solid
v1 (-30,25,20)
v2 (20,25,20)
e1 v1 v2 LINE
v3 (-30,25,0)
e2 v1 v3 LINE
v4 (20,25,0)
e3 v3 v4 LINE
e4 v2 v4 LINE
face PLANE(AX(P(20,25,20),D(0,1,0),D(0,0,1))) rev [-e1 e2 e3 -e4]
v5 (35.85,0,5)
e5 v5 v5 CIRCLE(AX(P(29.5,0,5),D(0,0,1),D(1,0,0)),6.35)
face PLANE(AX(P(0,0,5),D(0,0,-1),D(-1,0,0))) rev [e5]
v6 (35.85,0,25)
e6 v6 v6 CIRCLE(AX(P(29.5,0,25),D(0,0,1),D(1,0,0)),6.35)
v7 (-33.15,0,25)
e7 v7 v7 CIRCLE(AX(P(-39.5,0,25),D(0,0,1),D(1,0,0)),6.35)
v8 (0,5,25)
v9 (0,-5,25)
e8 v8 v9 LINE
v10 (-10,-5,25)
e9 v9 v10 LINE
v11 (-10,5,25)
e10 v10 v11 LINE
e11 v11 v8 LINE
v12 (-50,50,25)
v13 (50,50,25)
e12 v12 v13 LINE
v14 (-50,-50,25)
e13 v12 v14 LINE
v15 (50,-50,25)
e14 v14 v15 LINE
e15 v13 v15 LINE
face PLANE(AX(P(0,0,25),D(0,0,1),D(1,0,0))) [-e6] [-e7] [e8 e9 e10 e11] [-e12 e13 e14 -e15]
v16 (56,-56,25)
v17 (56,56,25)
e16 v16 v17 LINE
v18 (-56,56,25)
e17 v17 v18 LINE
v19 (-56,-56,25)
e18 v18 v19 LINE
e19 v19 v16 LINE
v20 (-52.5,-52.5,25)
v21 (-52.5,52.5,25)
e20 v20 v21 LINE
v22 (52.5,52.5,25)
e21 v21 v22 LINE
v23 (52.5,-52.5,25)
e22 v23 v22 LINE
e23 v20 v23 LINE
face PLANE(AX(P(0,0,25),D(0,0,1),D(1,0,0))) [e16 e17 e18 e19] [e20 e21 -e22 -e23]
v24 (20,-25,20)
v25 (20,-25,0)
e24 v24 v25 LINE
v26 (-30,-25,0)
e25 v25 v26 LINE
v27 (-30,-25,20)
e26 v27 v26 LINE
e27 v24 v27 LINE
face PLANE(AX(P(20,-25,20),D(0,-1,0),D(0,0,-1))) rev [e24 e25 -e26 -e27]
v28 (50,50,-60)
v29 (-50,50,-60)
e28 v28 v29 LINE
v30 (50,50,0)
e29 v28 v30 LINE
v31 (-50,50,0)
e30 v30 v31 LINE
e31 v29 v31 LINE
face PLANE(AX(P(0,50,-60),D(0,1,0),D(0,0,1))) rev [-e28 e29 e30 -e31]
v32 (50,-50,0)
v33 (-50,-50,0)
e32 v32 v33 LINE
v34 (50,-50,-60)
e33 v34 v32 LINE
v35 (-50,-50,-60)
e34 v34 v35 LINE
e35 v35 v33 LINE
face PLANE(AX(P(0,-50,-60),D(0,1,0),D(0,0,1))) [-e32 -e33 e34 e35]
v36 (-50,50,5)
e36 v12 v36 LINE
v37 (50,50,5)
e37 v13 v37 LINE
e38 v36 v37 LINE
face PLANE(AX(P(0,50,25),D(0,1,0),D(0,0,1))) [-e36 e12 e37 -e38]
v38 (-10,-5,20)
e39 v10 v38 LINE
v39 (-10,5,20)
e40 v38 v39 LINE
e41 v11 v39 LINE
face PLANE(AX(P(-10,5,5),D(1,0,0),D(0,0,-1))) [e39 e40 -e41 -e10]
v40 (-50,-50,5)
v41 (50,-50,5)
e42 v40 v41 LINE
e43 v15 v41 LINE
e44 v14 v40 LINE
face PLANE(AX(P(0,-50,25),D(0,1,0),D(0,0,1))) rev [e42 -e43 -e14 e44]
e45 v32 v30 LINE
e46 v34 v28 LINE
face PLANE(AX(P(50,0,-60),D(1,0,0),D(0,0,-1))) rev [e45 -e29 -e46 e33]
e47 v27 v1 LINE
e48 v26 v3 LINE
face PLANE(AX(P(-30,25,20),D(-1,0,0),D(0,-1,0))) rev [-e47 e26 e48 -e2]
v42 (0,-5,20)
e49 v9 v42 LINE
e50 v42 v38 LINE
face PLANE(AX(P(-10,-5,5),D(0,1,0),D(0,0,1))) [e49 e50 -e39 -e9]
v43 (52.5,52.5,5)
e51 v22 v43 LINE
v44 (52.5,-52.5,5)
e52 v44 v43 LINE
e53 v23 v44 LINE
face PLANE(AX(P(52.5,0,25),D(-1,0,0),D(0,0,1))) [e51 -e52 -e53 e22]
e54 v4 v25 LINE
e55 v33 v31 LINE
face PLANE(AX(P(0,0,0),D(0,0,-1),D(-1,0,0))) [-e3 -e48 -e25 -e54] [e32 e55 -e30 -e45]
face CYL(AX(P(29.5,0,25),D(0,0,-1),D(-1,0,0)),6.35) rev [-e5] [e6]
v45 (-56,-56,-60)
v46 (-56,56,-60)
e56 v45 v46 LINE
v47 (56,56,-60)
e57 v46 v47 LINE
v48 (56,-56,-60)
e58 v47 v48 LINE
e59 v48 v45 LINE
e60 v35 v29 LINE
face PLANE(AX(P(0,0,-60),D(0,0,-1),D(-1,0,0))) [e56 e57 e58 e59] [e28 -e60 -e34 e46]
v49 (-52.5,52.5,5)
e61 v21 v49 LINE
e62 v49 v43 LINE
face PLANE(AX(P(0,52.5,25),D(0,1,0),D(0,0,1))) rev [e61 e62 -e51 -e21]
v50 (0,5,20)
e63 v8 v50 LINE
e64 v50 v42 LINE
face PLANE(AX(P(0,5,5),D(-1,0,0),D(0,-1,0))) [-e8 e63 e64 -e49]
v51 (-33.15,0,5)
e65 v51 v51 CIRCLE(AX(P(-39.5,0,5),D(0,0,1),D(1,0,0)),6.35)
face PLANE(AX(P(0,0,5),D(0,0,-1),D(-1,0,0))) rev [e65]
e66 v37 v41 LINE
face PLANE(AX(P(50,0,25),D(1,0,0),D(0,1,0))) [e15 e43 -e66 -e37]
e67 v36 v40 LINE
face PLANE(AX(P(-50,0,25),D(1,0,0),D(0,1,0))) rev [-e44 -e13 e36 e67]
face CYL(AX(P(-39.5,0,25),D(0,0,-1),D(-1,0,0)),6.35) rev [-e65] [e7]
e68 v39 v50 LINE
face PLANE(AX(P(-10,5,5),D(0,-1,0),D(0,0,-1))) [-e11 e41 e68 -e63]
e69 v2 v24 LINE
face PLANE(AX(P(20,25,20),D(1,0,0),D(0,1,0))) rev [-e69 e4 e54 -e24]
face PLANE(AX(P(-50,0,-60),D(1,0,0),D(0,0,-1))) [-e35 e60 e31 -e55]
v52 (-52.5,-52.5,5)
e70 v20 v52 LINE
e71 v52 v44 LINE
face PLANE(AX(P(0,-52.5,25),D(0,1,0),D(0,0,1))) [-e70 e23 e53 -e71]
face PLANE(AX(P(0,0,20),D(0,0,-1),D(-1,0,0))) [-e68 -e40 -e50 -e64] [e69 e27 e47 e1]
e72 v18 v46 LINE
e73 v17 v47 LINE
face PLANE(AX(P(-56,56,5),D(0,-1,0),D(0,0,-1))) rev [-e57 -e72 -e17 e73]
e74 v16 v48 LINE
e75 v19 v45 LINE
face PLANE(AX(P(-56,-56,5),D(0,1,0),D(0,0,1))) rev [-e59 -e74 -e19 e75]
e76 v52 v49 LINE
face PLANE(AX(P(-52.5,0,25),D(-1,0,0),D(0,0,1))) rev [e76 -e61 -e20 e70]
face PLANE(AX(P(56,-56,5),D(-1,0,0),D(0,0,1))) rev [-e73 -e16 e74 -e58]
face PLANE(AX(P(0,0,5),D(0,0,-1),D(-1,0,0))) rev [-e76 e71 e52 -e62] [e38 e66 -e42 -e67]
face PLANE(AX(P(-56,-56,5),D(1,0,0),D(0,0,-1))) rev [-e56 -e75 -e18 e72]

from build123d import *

# Parameters (mm, degrees)
SKETCH2_W           = 112
SKETCH2_H           = 112
SKETCH2_W_2         = 10
SKETCH2_H_2         = 10
BOSS_EXTRUDE1_DEPTH = 5
SKETCH3_W           = 112
SKETCH3_H           = 112
SKETCH3_W_2         = 105
SKETCH3_H_2         = 105
SKETCH3_W_3         = 100
SKETCH3_H_3         = 100
SKETCH3_R           = 6.35
SKETCH3_W_4         = 10
SKETCH3_H_4         = 10
BOSS_EXTRUDE2_DEPTH = 20
SKETCH4_W           = 50
SKETCH4_H           = 50
CUT_EXTRUDE1_DEPTH  = 20
SKETCH8_W           = 112
SKETCH8_H           = 112
SKETCH8_W_2         = 100
SKETCH8_H_2         = 100
BOSS_EXTRUDE3_DEPTH = 60


with BuildPart() as part:
    # Sketch2 → Boss-Extrude1 (new body)
    with BuildSketch(Plane.XY):
        Rectangle(SKETCH2_W, SKETCH2_H)
        with Locations((-5, 0)):
            Rectangle(SKETCH2_W_2, SKETCH2_H_2, mode=Mode.SUBTRACT)
    extrude(amount=BOSS_EXTRUDE1_DEPTH)

    # Sketch3 → Boss-Extrude2 (add)
    # profile 1 of 2: a face of its own
    with BuildSketch(Plane.XY.offset(5)):
        Rectangle(SKETCH3_W, SKETCH3_H)
        Rectangle(SKETCH3_W_2, SKETCH3_H_2, mode=Mode.SUBTRACT)
    # profile 2 of 2: a face of its own
    with BuildSketch(Plane.XY.offset(5)):
        Rectangle(SKETCH3_W_3, SKETCH3_H_3)
        with Locations((-39.5, 0)):
            Circle(SKETCH3_R, mode=Mode.SUBTRACT)
        with Locations((-5, 0)):
            Rectangle(SKETCH3_W_4, SKETCH3_H_4, mode=Mode.SUBTRACT)
        with Locations((29.5, 0)):
            Circle(SKETCH3_R, mode=Mode.SUBTRACT)
    extrude(amount=BOSS_EXTRUDE2_DEPTH)

    # Sketch4 → Cut-Extrude1 (cut)
    with BuildSketch(Plane(origin=(0, 0, 0), x_dir=(-1, 0, 0), z_dir=(0, 0, -1))):
        with Locations((5, 0)):
            Rectangle(SKETCH4_W, SKETCH4_H)
    extrude(amount=-CUT_EXTRUDE1_DEPTH, mode=Mode.SUBTRACT)

    # Sketch8 → Boss-Extrude3 (add)
    with BuildSketch(Plane(origin=(0, 0, 0), x_dir=(-1, 0, 0), z_dir=(0, 0, -1))):
        Rectangle(SKETCH8_W, SKETCH8_H)
        Rectangle(SKETCH8_W_2, SKETCH8_H_2, mode=Mode.SUBTRACT)
    extrude(amount=BOSS_EXTRUDE3_DEPTH)


solid = part.part
